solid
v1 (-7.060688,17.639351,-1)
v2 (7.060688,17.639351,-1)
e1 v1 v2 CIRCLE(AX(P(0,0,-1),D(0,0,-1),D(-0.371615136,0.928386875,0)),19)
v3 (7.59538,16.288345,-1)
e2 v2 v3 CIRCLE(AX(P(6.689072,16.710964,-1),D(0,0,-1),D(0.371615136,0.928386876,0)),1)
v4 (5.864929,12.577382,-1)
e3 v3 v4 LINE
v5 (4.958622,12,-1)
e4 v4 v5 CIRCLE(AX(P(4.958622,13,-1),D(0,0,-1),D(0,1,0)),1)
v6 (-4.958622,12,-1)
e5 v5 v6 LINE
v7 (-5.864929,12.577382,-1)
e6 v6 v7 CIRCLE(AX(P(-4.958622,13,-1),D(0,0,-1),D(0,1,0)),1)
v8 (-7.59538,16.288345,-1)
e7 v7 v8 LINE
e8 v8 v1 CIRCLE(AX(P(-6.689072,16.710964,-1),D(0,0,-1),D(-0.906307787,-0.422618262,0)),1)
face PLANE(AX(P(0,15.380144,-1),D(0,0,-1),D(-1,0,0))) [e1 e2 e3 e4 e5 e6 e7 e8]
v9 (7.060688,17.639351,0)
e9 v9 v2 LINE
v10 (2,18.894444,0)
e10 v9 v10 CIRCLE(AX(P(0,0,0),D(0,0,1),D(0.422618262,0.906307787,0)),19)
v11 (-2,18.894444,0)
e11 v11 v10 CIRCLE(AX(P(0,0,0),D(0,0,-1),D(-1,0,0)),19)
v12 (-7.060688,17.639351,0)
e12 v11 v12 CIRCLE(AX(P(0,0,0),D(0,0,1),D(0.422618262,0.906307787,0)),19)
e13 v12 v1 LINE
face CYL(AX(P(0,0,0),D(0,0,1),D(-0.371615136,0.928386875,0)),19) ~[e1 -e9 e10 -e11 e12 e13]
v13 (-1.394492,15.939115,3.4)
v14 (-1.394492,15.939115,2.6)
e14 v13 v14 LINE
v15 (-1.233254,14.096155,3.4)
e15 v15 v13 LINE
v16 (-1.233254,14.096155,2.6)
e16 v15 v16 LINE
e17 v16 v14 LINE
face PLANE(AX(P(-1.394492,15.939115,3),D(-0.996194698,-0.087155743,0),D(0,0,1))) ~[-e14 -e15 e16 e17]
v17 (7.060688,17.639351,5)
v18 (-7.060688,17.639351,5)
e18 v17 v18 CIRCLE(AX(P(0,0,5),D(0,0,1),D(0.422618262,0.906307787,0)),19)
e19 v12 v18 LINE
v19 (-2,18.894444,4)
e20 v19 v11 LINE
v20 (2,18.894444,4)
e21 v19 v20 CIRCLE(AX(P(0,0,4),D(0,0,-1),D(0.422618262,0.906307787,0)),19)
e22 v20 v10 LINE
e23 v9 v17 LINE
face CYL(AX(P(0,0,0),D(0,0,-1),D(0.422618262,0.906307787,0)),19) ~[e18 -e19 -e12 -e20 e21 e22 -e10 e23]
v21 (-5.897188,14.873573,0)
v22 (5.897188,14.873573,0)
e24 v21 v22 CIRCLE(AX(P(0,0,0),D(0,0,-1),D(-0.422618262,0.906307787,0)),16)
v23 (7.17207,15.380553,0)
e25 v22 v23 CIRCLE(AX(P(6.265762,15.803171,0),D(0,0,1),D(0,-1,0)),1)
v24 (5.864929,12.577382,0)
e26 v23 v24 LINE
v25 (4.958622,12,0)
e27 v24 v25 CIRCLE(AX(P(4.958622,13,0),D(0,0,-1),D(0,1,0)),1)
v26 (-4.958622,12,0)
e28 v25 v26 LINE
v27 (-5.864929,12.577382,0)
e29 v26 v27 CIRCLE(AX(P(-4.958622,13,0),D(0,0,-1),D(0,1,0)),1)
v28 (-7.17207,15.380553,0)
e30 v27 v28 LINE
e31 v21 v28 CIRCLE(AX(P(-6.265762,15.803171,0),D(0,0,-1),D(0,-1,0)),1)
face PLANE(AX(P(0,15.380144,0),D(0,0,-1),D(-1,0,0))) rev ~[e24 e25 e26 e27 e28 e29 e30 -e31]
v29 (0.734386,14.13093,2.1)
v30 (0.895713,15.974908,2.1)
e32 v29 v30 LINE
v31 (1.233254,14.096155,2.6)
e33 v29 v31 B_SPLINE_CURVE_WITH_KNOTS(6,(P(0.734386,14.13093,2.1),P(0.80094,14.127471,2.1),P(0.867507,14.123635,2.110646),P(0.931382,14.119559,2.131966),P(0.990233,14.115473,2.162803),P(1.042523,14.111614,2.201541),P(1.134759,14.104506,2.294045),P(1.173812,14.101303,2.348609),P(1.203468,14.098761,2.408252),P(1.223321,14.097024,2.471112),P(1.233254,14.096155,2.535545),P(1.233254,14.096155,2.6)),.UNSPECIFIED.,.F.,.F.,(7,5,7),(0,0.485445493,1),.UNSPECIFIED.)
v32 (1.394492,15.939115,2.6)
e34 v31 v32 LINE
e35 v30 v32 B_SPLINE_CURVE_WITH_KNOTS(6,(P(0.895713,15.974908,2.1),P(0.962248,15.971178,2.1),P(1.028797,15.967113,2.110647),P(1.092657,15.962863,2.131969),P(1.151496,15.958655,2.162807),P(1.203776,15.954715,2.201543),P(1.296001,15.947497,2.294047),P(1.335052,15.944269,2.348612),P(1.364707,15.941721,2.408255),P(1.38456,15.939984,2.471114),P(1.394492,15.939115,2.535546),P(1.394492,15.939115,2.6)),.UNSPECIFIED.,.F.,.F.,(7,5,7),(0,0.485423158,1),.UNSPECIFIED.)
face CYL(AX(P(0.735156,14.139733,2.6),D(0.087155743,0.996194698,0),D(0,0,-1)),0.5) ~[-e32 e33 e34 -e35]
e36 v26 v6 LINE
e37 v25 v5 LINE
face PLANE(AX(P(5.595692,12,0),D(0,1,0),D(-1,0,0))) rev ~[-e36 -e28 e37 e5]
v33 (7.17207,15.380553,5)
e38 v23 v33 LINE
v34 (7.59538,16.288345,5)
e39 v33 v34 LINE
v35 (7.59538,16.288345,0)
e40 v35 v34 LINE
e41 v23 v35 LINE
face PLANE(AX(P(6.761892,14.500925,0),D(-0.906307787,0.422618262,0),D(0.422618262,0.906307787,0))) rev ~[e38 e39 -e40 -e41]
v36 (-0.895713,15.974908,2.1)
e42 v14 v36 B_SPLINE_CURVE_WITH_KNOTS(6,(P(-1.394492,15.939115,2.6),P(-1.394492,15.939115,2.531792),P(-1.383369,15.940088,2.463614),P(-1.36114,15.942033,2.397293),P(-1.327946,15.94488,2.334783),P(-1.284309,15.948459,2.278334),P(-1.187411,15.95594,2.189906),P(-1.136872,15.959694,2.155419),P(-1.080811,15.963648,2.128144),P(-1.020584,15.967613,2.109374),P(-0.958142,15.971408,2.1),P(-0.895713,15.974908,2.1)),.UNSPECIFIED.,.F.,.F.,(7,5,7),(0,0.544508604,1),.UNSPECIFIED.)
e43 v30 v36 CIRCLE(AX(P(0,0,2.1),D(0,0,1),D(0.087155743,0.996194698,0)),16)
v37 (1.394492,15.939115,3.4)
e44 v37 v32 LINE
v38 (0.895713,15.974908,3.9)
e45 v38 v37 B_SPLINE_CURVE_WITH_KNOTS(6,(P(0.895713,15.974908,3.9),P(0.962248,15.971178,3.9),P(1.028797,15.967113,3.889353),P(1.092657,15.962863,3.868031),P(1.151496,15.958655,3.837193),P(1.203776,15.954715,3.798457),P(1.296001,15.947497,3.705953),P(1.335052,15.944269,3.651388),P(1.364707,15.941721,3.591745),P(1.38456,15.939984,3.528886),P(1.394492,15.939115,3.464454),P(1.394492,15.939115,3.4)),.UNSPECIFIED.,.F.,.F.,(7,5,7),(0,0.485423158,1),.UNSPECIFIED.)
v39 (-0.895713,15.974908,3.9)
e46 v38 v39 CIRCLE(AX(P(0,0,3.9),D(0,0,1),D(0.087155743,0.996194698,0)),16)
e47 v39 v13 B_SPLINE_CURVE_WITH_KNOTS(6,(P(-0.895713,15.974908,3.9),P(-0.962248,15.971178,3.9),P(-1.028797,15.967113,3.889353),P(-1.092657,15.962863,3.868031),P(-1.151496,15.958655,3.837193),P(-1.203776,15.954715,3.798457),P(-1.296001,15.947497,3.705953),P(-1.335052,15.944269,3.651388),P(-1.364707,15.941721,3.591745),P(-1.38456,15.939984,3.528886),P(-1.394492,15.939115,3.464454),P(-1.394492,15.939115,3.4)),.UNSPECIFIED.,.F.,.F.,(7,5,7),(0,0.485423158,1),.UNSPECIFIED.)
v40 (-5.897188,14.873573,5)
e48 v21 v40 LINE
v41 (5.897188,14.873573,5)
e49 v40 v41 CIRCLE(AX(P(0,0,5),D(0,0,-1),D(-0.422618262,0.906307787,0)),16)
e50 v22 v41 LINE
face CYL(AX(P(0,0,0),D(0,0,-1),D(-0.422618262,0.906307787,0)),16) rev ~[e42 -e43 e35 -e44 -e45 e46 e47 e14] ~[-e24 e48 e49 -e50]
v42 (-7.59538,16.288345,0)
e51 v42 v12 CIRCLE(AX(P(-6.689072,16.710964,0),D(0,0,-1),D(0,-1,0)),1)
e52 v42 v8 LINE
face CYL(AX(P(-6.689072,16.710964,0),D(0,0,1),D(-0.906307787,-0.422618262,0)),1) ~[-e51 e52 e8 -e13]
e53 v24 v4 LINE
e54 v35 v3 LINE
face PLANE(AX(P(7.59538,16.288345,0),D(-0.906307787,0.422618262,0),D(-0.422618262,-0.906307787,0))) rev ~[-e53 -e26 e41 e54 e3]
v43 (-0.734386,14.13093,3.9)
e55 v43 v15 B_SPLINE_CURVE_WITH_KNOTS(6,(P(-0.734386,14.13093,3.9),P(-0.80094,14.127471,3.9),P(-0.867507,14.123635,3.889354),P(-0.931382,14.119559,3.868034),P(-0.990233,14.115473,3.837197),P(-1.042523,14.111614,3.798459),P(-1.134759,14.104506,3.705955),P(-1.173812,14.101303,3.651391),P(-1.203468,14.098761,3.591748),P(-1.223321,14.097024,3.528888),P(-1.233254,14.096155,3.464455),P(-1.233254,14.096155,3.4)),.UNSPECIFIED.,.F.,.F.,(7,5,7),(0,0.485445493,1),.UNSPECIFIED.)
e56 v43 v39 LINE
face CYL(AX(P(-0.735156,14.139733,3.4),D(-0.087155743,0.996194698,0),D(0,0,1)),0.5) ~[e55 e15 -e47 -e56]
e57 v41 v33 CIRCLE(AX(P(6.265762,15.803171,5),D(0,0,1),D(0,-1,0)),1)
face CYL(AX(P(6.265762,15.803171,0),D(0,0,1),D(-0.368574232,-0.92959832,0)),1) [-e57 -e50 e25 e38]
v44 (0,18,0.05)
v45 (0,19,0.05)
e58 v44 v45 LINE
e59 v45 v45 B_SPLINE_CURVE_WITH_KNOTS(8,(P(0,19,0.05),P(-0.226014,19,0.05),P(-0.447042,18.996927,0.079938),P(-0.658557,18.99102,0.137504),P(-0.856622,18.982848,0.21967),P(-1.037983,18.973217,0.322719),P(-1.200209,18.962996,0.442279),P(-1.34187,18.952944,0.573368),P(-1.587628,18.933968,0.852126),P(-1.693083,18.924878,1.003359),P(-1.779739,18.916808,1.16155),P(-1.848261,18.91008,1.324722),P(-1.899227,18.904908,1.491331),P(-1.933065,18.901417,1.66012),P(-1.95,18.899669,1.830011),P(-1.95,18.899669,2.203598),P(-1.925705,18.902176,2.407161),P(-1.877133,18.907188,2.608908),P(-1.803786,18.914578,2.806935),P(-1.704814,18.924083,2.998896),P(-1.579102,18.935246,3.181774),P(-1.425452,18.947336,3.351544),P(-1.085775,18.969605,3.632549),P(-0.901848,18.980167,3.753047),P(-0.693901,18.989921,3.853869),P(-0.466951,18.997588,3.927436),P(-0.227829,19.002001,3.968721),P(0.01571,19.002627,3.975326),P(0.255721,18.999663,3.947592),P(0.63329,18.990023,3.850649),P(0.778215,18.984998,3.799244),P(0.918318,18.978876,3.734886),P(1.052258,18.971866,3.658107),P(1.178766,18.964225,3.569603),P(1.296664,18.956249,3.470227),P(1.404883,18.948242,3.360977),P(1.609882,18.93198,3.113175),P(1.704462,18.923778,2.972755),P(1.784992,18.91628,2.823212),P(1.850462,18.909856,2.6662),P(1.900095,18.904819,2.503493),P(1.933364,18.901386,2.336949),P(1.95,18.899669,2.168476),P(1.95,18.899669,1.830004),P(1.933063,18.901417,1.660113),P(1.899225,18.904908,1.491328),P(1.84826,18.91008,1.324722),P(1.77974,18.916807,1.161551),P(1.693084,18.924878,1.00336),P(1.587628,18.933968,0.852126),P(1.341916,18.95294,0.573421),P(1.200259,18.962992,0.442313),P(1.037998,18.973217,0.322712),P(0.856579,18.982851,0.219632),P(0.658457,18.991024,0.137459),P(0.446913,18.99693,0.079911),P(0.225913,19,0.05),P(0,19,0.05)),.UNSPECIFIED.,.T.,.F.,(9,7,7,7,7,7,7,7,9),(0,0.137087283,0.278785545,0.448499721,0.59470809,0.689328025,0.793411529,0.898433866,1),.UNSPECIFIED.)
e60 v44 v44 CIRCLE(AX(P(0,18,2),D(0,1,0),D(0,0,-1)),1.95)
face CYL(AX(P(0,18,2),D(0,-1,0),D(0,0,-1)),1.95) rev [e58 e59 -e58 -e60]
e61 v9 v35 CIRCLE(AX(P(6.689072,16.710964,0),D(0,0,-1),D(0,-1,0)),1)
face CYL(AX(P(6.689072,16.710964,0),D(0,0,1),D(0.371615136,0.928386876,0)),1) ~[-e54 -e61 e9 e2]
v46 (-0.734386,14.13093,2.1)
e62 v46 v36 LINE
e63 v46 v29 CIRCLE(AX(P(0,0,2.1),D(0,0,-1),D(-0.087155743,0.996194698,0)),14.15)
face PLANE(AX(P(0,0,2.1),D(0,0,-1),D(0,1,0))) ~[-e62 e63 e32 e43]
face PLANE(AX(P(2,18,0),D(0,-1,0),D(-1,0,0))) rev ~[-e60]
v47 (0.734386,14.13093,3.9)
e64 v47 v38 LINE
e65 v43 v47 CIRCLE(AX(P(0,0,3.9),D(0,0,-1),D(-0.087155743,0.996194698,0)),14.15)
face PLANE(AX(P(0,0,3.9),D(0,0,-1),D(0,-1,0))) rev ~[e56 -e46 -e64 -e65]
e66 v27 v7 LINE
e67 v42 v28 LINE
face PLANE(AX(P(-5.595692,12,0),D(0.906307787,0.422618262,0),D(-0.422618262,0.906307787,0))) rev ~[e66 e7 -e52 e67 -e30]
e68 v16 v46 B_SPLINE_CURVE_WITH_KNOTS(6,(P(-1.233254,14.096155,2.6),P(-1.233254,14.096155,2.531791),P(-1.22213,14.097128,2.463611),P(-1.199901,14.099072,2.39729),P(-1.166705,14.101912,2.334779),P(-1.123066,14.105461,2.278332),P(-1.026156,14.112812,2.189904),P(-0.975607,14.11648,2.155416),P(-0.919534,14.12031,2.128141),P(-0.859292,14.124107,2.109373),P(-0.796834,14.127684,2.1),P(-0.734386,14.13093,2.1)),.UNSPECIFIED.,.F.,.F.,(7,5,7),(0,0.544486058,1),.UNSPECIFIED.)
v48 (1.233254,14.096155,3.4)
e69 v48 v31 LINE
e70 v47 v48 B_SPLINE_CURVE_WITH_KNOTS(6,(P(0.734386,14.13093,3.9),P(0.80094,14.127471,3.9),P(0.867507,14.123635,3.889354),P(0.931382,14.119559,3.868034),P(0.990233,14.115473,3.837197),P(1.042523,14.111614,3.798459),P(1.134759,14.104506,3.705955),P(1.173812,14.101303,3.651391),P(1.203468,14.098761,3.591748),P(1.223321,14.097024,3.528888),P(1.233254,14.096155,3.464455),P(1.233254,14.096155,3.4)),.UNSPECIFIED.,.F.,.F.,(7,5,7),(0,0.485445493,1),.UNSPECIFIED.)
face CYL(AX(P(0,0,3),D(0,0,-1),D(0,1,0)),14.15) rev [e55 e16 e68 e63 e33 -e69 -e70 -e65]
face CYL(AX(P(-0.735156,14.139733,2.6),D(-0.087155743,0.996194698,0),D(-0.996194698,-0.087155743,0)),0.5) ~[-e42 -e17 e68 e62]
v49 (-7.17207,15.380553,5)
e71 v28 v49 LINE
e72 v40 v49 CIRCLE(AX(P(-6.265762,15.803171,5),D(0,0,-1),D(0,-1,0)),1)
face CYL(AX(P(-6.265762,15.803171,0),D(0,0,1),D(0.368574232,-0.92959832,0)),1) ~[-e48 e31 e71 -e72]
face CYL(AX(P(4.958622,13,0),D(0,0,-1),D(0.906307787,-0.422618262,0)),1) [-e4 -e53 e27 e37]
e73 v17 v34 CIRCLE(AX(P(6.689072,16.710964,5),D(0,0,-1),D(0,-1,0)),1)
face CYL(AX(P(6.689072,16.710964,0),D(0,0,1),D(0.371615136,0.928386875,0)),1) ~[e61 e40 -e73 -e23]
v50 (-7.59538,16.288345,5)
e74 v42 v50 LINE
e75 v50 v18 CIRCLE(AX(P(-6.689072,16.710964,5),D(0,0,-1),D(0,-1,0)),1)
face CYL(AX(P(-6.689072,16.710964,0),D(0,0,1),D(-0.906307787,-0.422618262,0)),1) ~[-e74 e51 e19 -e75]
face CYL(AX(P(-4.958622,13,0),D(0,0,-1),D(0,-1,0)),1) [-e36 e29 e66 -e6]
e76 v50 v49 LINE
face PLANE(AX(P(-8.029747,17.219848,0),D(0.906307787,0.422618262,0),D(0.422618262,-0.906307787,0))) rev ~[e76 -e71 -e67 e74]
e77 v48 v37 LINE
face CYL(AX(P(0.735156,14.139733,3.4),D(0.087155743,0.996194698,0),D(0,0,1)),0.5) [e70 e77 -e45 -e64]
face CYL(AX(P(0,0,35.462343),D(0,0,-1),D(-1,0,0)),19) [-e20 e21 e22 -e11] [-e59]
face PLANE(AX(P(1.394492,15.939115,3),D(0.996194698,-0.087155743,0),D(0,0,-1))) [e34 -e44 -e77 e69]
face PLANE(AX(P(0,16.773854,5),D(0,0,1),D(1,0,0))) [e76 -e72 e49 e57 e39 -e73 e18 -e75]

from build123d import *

# Parameters (mm, degrees)
EXTRUDE_1_DEPTH      = 5
SKETCH_2_W           = 1.8
SKETCH_2_H           = 3.7
REVOLVE_1_ANGLE      = 5
FILLET_1_R           = 0.5
FILLET_2_R           = 1
FILLET_3_R           = 1
SKETCH_4_W           = 4
SKETCH_4_H           = 2
CUT_EXTRUDE_1_DEPTH  = 4
EXTRUDE_5_REACH      = 11.968
EXTRUDE_5_END_RADIUS = 19
SKETCH_5_W           = 4
SKETCH_5_H           = 4
SKETCH_5_R           = 1.95
EXTRUDE_6_DEPTH      = 1
FILLET_5_R           = 1


with BuildPart() as part:
    # 草图1 → 凸台-拉伸1 (new body)
    with BuildSketch(Plane.XY):
        with BuildLine():
            Line((-8.029746973, 17.219847954), (-6.761892188, 14.500924593))
            ThreePointArc((-6.761892188, 14.500924593), (0, 16), (6.761892188, 14.500924593))
            Line((6.761892188, 14.500924593), (8.029746973, 17.219847954))
            ThreePointArc((8.029746973, 17.219847954), (0, 19), (-8.029746973, 17.219847954))
        make_face()
    extrude(amount=EXTRUDE_1_DEPTH)

    # 草图2 → 旋转1 (revolve)
    with BuildSketch(Plane(origin=(0, 0, 0), x_dir=(0, 0, -1), z_dir=(1, 0, 0))):
        with Locations((-3, 16)):
            Rectangle(SKETCH_2_W, SKETCH_2_H)
    revolve_1 = revolve(axis=Axis((0, 0, 5), (0, 0, -1)), revolution_arc=REVOLVE_1_ANGLE)

    # 镜向1: 旋转1 across plane
    add(revolve_1.mirror(Plane(origin=(0, 0, 0), x_dir=(0, 0, 1), z_dir=(1, 0, 0))))

    # 圆角1
    fillet_1_edges = [part.edges().sort_by_distance(p)[0] for p in [
        (1.313872822, 15.017635074, 3.9),
        (1.313872822, 15.017635074, 2.1),
        (-1.313872822, 15.017635074, 2.1),
        (-1.313872822, 15.017635074, 3.9),
    ]]
    fillet(fillet_1_edges, radius=FILLET_1_R)

    # 圆角2
    fillet_2_edges = [part.edges().sort_by_distance(p)[0] for p in [
        (-6.761892188, 14.500924593, 2.5),
        (6.761892188, 14.500924593, 2.5),
    ]]
    fillet(fillet_2_edges, radius=FILLET_2_R)

    # 圆角3
    fillet_3_edges = [part.edges().sort_by_distance(p)[0] for p in [
        (-8.029746973, 17.219847954, 2.5),
        (8.029746973, 17.219847954, 2.5),
    ]]
    fillet(fillet_3_edges, radius=FILLET_3_R)

    # 草图4 → 切除-拉伸1 (cut)
    with BuildSketch(Plane(origin=(0, 0, 0), x_dir=(-1, 0, 0), z_dir=(0, 0, -1))):
        with Locations((0, 19)):
            Rectangle(SKETCH_4_W, SKETCH_4_H)
    extrude(amount=-CUT_EXTRUDE_1_DEPTH, mode=Mode.SUBTRACT)

    # 凸台-拉伸5: up to this cylinder (the profile starts inside it)
    extrude_5_end = Plane(origin=(0, 0, 3.994343), z_dir=(0, 0, -1)) * Cylinder(EXTRUDE_5_END_RADIUS, 62.936, mode=Mode.PRIVATE)
    # 草图5 → 凸台-拉伸5 (add, up to the surface)
    with BuildSketch(Plane(origin=(0, 18, 0), x_dir=(1, 0, 0), z_dir=(0, 1, 0)), mode=Mode.PRIVATE) as extrude_5_sk1:
        with Locations((0, -2)):
            Rectangle(SKETCH_5_W, SKETCH_5_H)
        with Locations(Location((0, -2, 0), (0, 0, 90))):
            Circle(SKETCH_5_R, mode=Mode.SUBTRACT)
    extrude_5_tool1 = extrude(extrude_5_sk1.sketch, amount=EXTRUDE_5_REACH, mode=Mode.PRIVATE) & extrude_5_end
    add(extrude_5_tool1.solids().sort_by_distance((0, 18, 3.994343))[0])

    # 草图6 → 凸台-拉伸6 (add)
    with BuildSketch(Plane(origin=(0, 0, 0), x_dir=(-1, 0, 0), z_dir=(0, 0, -1))):
        with BuildLine():
            Line((-7.595380243, 16.288345495), (-5.595691898, 12))
            Line((-5.595691898, 12), (5.595691898, 12))
            Line((5.595691898, 12), (7.595380243, 16.288345495))
            ThreePointArc((7.595380243, 16.288345495), (7.618897961, 17.078964477), (7.060687592, 17.639350632))
            ThreePointArc((7.060687592, 17.639350632), (0, 19), (-7.060687592, 17.639350632))
            ThreePointArc((-7.060687592, 17.639350632), (-7.618897961, 17.078964477), (-7.595380243, 16.288345495))
        make_face()
    extrude(amount=EXTRUDE_6_DEPTH)

    # 圆角5
    fillet_5_edges = [part.edges().sort_by_distance(p)[0] for p in [
        (5.595691898, 12, -0.5),
        (-5.595691898, 12, -0.5),
    ]]
    fillet(fillet_5_edges, radius=FILLET_5_R)


solid = part.part
